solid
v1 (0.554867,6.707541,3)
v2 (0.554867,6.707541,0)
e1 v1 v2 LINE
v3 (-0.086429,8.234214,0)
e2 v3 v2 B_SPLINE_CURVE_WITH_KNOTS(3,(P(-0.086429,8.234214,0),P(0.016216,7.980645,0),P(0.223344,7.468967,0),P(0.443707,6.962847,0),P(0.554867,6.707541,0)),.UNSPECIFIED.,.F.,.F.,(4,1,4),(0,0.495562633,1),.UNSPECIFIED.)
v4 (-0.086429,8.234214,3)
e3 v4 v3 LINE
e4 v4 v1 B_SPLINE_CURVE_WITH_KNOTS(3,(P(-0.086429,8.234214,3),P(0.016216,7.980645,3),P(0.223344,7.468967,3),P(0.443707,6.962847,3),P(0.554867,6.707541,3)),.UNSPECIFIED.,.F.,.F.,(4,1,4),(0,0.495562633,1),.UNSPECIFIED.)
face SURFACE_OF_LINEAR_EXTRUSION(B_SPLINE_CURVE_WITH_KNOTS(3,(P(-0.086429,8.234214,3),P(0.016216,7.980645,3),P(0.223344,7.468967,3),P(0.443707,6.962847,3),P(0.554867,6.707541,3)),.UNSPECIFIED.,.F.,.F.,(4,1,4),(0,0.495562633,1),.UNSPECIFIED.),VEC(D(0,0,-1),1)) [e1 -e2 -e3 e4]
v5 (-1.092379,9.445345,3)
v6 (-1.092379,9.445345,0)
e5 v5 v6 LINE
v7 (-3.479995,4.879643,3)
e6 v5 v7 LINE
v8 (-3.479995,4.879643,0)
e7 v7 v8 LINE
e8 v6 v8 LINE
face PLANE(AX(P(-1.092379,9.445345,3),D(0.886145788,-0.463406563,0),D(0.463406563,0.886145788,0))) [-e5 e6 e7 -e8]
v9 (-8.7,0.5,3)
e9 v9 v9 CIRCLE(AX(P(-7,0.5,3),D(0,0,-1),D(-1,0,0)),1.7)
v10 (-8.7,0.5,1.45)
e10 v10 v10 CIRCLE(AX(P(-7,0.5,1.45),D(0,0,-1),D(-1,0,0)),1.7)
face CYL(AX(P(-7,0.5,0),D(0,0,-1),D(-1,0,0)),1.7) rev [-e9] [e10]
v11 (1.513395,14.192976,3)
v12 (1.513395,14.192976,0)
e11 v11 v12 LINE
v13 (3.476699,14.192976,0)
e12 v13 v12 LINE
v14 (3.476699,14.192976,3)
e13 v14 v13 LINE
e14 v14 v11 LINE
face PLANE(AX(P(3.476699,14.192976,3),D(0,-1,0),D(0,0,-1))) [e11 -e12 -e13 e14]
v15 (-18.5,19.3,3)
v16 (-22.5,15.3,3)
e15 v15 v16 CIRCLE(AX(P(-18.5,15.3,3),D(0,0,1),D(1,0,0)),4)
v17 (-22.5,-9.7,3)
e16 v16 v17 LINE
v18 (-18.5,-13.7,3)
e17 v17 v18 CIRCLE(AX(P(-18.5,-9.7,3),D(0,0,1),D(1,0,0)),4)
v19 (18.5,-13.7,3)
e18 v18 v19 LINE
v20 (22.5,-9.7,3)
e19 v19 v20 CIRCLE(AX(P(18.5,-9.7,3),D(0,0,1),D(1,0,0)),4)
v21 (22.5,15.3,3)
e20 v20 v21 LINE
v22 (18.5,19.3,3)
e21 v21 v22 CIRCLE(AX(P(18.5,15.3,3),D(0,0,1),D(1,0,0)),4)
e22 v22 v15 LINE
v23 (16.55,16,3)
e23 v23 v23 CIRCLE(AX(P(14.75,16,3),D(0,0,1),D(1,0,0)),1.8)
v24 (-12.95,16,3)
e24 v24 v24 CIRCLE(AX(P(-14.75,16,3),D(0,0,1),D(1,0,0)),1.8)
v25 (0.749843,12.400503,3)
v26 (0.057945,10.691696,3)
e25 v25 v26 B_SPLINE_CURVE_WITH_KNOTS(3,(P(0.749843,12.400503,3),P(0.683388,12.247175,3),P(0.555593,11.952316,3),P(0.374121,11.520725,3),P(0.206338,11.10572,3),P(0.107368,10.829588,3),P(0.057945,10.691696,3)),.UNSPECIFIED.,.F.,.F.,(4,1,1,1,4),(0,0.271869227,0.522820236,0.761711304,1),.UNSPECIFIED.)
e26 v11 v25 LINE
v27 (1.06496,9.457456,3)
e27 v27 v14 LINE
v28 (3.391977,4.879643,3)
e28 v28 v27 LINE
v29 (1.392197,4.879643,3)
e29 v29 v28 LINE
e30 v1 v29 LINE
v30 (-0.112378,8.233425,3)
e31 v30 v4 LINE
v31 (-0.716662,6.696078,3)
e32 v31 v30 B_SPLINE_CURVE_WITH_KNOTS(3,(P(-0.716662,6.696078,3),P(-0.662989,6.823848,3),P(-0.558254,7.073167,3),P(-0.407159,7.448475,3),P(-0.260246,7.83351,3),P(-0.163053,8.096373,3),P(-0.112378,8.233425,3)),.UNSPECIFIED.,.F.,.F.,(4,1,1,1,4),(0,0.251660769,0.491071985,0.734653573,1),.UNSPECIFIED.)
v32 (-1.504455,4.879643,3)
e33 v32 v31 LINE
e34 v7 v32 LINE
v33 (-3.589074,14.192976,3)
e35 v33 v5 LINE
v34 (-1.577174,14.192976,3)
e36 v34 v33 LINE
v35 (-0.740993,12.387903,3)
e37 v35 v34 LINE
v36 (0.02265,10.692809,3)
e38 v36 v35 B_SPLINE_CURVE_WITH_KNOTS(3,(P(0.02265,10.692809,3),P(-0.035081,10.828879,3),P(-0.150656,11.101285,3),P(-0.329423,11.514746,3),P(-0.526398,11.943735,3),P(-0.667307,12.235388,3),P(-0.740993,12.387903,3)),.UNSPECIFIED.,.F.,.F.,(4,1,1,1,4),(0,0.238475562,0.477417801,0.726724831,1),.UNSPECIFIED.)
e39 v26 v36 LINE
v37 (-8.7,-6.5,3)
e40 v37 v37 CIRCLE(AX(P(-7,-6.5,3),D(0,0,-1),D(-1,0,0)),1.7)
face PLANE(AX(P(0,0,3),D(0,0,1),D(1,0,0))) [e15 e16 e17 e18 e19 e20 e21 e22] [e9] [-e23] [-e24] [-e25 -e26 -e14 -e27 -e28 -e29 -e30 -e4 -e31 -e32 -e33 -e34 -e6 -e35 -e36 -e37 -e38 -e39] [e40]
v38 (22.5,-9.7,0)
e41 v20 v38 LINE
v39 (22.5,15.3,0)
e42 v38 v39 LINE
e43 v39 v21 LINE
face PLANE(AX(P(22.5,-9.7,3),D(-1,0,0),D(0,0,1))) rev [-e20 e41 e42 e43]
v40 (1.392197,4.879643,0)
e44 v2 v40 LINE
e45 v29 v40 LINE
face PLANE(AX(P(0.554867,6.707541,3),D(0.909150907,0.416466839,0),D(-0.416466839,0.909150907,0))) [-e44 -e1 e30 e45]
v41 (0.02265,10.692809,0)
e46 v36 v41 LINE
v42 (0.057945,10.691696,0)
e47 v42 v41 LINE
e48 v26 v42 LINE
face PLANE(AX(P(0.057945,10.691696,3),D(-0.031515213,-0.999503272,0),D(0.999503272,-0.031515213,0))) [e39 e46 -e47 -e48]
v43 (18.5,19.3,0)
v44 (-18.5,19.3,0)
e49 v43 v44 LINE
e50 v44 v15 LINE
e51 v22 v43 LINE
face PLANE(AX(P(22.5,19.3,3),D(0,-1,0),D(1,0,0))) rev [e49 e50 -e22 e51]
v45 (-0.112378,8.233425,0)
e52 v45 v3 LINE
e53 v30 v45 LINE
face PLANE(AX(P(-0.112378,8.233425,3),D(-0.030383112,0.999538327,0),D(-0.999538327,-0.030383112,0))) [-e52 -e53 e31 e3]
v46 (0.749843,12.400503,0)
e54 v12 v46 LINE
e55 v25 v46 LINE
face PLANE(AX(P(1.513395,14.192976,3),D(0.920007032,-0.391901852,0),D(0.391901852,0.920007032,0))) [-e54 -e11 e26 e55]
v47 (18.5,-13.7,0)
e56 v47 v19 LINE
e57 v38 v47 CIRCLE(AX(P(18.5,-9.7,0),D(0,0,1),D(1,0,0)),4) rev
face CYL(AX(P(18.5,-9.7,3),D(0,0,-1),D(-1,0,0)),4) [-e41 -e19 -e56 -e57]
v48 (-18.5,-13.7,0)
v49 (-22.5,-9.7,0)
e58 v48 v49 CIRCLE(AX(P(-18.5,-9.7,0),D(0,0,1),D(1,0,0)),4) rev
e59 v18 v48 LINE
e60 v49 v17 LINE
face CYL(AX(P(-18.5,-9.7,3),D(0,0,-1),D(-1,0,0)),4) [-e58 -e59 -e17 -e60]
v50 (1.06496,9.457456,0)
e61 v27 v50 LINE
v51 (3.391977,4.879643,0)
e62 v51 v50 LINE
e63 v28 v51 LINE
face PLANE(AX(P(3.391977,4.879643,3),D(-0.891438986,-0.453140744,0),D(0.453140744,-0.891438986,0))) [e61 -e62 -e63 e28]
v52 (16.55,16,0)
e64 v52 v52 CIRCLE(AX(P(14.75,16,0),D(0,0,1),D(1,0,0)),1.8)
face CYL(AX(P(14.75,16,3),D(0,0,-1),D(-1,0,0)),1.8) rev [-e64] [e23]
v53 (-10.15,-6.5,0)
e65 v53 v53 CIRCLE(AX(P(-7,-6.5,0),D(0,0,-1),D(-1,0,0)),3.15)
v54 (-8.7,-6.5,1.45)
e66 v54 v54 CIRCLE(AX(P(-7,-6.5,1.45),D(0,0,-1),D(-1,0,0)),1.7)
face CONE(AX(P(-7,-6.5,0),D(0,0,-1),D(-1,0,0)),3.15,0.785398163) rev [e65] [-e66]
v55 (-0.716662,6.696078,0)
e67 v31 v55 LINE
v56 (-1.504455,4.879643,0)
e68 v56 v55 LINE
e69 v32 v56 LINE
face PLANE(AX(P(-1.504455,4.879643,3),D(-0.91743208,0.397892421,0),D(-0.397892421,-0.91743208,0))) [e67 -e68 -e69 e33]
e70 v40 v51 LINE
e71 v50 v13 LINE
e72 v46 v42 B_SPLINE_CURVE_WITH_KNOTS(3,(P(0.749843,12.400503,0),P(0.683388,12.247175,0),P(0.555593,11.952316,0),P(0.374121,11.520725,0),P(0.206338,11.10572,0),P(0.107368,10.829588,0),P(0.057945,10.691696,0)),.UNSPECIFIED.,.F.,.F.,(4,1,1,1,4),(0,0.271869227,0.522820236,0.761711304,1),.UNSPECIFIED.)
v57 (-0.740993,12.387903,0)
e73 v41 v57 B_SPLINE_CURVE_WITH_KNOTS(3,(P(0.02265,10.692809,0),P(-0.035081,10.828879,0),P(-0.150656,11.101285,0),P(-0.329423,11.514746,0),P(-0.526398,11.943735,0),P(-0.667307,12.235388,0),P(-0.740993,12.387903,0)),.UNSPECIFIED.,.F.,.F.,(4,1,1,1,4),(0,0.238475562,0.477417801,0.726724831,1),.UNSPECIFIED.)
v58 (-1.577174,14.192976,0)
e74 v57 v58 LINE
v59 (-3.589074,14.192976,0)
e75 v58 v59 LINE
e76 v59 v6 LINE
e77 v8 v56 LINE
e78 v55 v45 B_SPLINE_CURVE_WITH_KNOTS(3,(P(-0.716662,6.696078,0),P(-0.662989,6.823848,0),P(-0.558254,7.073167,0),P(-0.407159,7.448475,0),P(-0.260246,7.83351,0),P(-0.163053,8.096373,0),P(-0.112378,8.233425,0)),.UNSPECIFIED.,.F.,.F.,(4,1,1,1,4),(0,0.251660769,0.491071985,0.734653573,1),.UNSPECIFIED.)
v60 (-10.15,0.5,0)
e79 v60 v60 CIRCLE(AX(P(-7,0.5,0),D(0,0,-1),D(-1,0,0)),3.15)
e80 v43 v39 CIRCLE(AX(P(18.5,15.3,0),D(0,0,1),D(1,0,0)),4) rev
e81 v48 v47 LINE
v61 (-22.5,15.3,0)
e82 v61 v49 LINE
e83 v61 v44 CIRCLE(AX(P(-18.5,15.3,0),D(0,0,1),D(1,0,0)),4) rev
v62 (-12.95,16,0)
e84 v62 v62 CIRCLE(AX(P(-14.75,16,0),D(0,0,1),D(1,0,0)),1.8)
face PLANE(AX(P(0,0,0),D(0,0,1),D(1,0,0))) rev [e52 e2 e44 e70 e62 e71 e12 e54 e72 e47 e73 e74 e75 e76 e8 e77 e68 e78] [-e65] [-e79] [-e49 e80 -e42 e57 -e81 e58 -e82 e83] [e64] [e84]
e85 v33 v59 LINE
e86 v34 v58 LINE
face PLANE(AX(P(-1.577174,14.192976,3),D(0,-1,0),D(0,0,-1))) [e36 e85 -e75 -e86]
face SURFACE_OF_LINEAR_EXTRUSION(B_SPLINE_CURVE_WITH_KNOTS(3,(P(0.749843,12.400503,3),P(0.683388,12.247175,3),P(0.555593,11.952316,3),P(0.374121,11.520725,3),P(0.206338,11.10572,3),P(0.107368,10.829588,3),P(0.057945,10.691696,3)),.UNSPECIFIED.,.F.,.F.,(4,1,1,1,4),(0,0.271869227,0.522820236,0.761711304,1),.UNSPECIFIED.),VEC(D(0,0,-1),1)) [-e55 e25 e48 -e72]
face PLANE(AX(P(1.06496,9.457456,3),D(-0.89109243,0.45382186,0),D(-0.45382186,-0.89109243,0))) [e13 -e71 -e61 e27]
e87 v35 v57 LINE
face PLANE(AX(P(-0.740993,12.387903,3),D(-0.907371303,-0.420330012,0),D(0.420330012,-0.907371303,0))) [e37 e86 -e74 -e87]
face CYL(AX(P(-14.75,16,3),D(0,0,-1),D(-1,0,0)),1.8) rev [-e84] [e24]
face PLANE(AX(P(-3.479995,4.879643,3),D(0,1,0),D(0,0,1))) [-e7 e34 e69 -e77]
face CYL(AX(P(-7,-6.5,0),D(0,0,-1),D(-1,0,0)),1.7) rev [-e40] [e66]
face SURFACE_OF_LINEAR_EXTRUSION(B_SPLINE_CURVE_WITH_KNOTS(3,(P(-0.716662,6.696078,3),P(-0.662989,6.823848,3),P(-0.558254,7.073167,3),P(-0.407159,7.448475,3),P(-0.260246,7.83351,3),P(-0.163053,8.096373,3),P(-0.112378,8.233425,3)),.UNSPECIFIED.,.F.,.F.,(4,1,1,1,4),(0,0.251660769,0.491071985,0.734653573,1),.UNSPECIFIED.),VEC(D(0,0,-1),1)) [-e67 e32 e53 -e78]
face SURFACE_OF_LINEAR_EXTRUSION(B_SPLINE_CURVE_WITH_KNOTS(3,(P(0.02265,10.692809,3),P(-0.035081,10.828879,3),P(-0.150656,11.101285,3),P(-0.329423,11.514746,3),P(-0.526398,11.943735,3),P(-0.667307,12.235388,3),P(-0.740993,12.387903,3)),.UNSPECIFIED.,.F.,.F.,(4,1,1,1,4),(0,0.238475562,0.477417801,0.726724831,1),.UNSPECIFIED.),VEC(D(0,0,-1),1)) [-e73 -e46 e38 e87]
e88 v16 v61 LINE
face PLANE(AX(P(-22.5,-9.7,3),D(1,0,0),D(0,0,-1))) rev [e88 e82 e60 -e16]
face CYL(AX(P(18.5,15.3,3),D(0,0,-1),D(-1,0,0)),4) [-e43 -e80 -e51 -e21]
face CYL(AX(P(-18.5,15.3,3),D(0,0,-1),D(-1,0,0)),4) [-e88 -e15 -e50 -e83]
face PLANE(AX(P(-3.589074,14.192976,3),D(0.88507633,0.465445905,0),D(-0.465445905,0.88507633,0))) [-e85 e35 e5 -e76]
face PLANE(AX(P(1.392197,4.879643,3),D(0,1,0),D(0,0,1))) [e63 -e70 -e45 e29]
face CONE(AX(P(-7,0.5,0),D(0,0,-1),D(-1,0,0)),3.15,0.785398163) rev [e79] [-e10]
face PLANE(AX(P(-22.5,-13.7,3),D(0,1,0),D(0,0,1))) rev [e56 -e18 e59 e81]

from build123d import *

# Parameters (mm, degrees)
SKETCH1_R                                    = 1.8
BOSS_EXTRUDE1_DEPTH                          = 3
FILLET1_R                                    = 4
CSK_FOR_M3_COUNTERSUNK_FLAT_HEAD_SCR_2_COUNT = 2
CSK_FOR_M3_COUNTERSUNK_FLAT_HEAD_SCR_2_PITCH = 7


with BuildPart() as part:
    # Sketch1 → Boss-Extrude1 (new body)
    with BuildSketch(Plane.XY):
        Polygon((22.5, 19.3), (-22.5, 19.3), (-22.5, -9.7), (-22.5, -13.7), (22.5, -13.7), (22.5, -9.7), align=None)
        with Locations((14.75, 16)):
            Circle(SKETCH1_R, mode=Mode.SUBTRACT)
        with Locations((-14.75, 16)):
            Circle(SKETCH1_R, mode=Mode.SUBTRACT)
        with BuildLine():
            Line((-3.479994944, 4.879643035), (-1.504454613, 4.879643035))
            Line((-1.504454613, 4.879643035), (-0.716662457, 6.696078227))
            add(Edge.make_bspline(
                [(-0.716662457, 6.696078227), (-0.662988728, 6.823847603), (-0.558253832, 7.073167199), (-0.407159323, 7.448475347), (-0.260246479, 7.833509844), (-0.163053085, 8.096372908), (-0.1123781, 8.233425246)],
                knots=[0, 0, 0, 0, 0.000415753, 0.000811269, 0.001213674, 0.001652036, 0.001652036, 0.001652036, 0.001652036], degree=3))
            Line((-0.1123781, 8.233425246), (-0.086428732, 8.234214033))
            add(Edge.make_bspline(
                [(-0.086428732, 8.234214033), (0.016216114, 7.980645356), (0.223344012, 7.468966992), (0.443707362, 6.962847127), (0.554866869, 6.707541356)],
                knots=[0, 0, 0, 0, 0.000820631, 0.001655958, 0.001655958, 0.001655958, 0.001655958], degree=3))
            Line((0.554866869, 6.707541356), (1.392196546, 4.879643035))
            Line((1.392196546, 4.879643035), (3.391976635, 4.879643035))
            Line((3.391976635, 4.879643035), (1.064959804, 9.457455895))
            Line((1.064959804, 9.457455895), (3.476699187, 14.192976369))
            Line((3.476699187, 14.192976369), (1.513395339, 14.192976369))
            Line((1.513395339, 14.192976369), (0.749842942, 12.400503146))
            add(Edge.make_bspline(
                [(0.749842942, 12.400503146), (0.683388417, 12.247174796), (0.555592527, 11.952315518), (0.374121285, 11.520725487), (0.206338492, 11.105720206), (0.107367824, 10.829588001), (0.057944958, 10.691696187)],
                knots=[0, 0, 0, 0, 0.000501324, 0.000964075, 0.001404587, 0.001843989, 0.001843989, 0.001843989, 0.001843989], degree=3))
            Line((0.057944958, 10.691696187), (0.022650182, 10.692809062))
            add(Edge.make_bspline(
                [(0.022650182, 10.692809062), (-0.035080758, 10.828878889), (-0.150655612, 11.101284822), (-0.329423009, 11.514746078), (-0.526398165, 11.943735097), (-0.667307197, 12.235388249), (-0.740993098, 12.387903135)],
                knots=[0, 0, 0, 0, 0.000443432, 0.000887733, 0.001351306, 0.001859446, 0.001859446, 0.001859446, 0.001859446], degree=3))
            Line((-0.740993098, 12.387903135), (-1.577173889, 14.192976369))
            Line((-1.577173889, 14.192976369), (-3.589073858, 14.192976369))
            Line((-3.589073858, 14.192976369), (-1.092378716, 9.445344589))
            Line((-1.092378716, 9.445344589), (-3.479994944, 4.879643035))
        make_face(mode=Mode.SUBTRACT)
    extrude(amount=BOSS_EXTRUDE1_DEPTH)

    # Fillet1
    fillet1_edges = [part.edges().sort_by_distance(p)[0] for p in [
        (-22.5, 19.3, 1.5),
        (22.5, 19.3, 1.5),
        (22.5, -13.7, 1.5),
        (-22.5, -13.7, 1.5),
    ]]
    fillet(fillet1_edges, radius=FILLET1_R)

    # Sketch6 → CSK for M3 Countersunk Flat Head Screw1 (revolve, cut)
    with BuildSketch(Plane(origin=(-7, -6.5, 0), x_dir=(0, 1, 0), z_dir=(1, 0, 0))):
        Polygon((0, 0), (0, 3), (1.7, 3), (1.7, 1.45), (3.15, 0), align=None)
    csk_for_m3_countersunk_flat_head_screw1 = revolve(axis=Axis((-7, -6.5, -6.35), (0, 0, 1)), mode=Mode.SUBTRACT)

    # CSK for M3 Countersunk Flat Head Scr 2: CSK for M3 Countersunk Flat Head Screw1 ×2
    with Locations(*[(0, i * CSK_FOR_M3_COUNTERSUNK_FLAT_HEAD_SCR_2_PITCH, 0) for i in range(1, CSK_FOR_M3_COUNTERSUNK_FLAT_HEAD_SCR_2_COUNT)]):
        add(csk_for_m3_countersunk_flat_head_screw1, mode=Mode.SUBTRACT)


solid = part.part
